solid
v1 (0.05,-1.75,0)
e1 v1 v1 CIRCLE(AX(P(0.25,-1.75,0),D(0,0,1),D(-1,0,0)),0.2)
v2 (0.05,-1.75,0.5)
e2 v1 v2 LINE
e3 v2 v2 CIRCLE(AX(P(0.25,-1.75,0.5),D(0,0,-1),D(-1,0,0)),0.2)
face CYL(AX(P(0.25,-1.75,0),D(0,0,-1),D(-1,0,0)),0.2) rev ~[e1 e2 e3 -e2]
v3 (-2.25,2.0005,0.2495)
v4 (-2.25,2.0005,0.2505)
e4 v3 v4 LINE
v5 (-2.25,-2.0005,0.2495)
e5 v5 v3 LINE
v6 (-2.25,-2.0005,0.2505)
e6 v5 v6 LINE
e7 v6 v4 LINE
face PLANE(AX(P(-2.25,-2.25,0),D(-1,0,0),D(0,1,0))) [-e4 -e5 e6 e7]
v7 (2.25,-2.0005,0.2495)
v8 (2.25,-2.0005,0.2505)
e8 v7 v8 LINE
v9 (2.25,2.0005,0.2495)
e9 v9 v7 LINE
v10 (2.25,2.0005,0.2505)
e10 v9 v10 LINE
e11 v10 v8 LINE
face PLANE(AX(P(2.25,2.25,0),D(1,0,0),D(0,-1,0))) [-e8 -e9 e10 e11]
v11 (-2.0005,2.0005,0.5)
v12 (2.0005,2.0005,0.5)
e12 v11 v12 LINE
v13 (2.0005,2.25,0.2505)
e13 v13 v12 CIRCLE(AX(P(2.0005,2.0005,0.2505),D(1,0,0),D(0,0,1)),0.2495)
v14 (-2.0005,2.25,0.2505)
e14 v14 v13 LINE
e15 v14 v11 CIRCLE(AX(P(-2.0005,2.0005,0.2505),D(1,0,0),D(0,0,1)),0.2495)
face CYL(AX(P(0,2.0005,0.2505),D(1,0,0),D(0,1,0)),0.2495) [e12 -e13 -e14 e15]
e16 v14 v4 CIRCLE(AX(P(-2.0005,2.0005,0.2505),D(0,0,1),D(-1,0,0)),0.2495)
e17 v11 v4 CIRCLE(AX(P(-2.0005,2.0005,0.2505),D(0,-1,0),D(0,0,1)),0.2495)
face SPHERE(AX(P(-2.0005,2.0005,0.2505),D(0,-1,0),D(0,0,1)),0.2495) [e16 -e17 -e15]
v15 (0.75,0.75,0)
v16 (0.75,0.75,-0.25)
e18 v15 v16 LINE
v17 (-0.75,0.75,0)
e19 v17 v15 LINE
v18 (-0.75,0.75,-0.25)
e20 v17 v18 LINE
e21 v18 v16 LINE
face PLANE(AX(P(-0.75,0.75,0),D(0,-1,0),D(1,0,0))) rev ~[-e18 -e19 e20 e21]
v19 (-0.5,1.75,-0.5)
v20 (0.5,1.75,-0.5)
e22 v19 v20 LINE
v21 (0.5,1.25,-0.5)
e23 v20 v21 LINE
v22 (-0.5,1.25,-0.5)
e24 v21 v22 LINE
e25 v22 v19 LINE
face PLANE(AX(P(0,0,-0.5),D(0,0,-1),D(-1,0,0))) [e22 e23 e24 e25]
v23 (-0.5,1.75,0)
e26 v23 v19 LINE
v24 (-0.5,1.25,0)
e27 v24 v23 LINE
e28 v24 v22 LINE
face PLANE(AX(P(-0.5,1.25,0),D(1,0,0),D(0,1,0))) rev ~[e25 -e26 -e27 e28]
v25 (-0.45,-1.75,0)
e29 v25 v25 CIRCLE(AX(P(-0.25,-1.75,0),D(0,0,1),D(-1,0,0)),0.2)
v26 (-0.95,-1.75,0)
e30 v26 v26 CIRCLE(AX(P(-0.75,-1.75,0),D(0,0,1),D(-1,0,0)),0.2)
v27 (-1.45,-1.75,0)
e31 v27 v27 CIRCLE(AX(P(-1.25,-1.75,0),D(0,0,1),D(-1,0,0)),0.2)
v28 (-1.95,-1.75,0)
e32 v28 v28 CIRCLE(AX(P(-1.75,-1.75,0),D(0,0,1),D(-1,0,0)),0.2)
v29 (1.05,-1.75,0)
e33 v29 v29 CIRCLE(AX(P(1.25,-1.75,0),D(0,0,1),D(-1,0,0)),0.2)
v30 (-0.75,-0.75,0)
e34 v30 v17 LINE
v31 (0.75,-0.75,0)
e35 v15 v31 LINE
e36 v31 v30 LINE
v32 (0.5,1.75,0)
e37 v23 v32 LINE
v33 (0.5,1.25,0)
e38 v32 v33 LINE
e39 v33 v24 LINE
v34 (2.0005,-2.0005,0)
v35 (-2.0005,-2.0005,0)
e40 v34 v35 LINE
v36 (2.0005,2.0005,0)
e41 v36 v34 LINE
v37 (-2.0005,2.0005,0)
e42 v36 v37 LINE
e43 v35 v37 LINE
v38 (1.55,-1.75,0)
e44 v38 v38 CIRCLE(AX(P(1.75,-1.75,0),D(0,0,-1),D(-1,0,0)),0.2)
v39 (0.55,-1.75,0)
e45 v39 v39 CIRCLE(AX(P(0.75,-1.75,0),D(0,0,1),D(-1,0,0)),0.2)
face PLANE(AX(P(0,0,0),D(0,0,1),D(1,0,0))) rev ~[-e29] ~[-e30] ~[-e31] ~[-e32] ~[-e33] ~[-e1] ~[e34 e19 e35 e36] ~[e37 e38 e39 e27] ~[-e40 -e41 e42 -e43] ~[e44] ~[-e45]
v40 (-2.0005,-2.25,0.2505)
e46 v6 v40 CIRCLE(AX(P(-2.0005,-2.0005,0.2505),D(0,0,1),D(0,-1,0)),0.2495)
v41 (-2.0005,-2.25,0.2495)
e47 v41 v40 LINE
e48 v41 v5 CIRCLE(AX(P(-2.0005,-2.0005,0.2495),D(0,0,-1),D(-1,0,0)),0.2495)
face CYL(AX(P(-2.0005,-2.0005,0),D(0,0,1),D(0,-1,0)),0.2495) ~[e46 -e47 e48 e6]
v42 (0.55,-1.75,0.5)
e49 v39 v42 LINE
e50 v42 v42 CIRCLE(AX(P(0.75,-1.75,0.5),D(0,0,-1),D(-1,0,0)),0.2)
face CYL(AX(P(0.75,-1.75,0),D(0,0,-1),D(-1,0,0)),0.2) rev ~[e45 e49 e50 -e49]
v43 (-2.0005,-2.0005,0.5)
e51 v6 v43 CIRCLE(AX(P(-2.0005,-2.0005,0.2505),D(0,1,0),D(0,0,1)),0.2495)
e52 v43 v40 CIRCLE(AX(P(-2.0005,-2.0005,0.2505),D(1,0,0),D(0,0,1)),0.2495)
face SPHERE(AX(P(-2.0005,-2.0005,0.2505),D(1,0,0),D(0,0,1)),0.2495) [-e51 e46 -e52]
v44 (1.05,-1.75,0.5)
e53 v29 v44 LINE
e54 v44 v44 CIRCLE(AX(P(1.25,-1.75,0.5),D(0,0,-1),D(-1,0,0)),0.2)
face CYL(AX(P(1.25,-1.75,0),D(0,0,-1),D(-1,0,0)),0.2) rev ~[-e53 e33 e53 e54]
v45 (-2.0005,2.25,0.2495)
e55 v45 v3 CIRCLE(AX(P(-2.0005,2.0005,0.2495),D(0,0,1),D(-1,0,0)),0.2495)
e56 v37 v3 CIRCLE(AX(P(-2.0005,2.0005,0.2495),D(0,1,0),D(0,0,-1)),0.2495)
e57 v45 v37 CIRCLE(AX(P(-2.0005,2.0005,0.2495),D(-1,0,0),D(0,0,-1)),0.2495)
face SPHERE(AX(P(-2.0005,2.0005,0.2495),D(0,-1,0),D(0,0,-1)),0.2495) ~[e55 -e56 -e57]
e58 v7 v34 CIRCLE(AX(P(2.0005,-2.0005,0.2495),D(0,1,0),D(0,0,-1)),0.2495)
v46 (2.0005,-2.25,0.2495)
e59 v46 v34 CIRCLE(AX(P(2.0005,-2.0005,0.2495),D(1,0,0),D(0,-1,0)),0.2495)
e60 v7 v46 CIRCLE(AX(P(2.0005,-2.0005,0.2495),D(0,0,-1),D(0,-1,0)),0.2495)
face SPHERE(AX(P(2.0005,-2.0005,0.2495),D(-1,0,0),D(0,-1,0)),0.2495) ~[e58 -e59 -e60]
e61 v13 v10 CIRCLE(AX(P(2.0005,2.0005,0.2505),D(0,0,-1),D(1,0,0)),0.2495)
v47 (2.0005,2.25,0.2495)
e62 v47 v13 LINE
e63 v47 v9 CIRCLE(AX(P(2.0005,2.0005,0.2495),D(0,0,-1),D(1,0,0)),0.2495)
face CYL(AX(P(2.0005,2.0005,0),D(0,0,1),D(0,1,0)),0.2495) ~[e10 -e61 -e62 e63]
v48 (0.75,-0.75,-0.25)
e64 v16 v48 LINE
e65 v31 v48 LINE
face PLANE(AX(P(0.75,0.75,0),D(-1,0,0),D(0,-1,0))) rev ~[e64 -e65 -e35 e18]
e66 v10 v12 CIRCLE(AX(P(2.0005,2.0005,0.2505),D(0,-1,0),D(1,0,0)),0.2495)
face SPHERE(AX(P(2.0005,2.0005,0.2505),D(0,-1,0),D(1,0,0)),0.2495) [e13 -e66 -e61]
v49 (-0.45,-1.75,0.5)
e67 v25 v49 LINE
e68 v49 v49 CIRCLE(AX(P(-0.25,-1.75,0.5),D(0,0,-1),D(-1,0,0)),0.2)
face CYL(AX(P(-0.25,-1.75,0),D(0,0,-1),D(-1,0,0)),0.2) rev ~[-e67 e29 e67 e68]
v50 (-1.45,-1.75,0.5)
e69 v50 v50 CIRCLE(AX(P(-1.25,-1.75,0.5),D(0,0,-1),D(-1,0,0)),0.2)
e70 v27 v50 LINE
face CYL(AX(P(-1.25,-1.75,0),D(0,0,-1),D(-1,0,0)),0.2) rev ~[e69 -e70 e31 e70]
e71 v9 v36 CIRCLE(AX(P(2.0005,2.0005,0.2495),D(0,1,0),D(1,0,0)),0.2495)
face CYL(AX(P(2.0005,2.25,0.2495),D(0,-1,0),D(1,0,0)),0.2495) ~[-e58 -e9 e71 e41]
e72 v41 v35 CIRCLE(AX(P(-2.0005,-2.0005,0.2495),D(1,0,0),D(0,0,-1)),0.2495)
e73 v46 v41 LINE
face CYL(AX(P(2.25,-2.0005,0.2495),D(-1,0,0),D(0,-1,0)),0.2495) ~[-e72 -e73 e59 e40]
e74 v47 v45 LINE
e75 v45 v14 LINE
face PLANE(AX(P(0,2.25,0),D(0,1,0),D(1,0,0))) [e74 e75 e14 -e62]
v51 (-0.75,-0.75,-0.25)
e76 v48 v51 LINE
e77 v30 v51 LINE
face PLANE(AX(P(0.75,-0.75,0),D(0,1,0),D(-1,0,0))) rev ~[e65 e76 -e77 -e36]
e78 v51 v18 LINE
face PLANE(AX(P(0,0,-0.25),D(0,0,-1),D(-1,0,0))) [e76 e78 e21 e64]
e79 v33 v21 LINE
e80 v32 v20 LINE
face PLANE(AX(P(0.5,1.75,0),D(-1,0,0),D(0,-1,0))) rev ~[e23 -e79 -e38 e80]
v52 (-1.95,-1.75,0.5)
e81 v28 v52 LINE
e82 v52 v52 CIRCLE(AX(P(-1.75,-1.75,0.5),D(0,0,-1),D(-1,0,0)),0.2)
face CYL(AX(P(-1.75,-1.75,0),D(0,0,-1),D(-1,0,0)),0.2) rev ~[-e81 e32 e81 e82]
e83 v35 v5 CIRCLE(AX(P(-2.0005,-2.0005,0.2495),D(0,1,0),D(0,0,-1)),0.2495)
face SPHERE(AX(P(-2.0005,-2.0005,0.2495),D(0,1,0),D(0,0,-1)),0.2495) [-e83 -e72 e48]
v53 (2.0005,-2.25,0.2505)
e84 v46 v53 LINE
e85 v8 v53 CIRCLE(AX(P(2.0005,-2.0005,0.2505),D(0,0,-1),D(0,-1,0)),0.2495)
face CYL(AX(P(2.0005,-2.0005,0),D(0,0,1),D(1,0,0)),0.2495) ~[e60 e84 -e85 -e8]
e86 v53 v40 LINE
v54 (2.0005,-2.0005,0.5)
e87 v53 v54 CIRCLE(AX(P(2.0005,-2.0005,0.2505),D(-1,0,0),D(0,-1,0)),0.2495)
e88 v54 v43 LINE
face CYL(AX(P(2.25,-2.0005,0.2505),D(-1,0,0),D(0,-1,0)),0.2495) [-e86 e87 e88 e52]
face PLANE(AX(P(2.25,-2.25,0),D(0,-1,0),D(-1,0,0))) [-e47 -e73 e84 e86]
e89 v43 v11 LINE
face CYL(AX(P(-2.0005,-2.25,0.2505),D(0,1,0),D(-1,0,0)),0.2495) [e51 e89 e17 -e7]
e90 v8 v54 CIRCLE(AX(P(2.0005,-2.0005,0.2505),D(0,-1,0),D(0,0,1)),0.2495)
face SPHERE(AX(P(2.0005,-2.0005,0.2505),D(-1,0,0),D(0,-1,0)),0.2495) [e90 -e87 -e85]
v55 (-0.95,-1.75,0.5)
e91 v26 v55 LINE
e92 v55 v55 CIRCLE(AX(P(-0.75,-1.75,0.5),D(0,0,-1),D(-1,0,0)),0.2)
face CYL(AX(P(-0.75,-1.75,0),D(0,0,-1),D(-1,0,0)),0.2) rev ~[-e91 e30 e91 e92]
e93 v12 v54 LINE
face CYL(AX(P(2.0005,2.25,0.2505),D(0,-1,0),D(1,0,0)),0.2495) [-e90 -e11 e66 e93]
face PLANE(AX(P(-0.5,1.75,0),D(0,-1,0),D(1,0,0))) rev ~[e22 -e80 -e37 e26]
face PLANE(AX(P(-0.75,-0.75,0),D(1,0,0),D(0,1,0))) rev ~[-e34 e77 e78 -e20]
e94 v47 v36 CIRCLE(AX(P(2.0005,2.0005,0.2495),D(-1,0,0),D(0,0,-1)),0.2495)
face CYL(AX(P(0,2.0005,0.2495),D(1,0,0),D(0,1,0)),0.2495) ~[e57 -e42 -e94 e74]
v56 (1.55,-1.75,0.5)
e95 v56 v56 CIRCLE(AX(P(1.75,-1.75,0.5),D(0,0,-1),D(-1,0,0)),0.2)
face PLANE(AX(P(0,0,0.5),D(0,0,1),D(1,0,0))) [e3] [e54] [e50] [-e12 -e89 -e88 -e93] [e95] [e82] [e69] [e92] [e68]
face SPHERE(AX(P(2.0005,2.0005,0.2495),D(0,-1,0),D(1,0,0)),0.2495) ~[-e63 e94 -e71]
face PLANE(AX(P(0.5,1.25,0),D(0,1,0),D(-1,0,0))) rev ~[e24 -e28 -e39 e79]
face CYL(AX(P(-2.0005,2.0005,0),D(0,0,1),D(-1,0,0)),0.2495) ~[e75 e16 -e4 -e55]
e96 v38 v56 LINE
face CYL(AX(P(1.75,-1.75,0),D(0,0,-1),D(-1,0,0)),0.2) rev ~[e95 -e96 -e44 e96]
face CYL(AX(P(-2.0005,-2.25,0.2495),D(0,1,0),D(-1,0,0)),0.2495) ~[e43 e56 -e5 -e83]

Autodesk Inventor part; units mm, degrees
ref_plane "YZ Plane" through (0, 0, 0) normal (1, 0, 0) x (0, 1, 0)
ref_plane "XZ Plane" through (0, 0, 0) normal (0, 1, 0) x (-1, 0, 0)
ref_plane "XY Plane" through (0, 0, 0) normal (0, 0, 1) x (1, 0, 0)
sketch "Szkic1" plane through (0, 0, 0) normal (0, 0, 1) x (1, 0, 0)
  line L0 (0, 2.25) -> (2.25, 2.25)
  line L1 (2.25, 2.25) -> (2.25, -2.25)
  line L2 (2.25, -2.25) -> (-2.25, -2.25)
  line L3 (-2.25, -2.25) -> (-2.25, 2.25)
  line L4 (-2.25, 2.25) -> (0, 2.25)
  point P0 (0, 0)
  dimension "d2" = 2.25
  dimension "d3" = 4.5
  dimension "d5" = 4.5
extrude "Wyciągnięcie proste1" add sketch "Szkic1" along normal blind 0.5
fillet "Zaokrąglenie1" radius 0.25 12 edges at (0, -2.25, 0.5) (-2.25, 0, 0.5) (-2.25, 0, 0) (0, -2.25, 0) (-2.25, -2.25, 0.25) (2.25, -2.25, 0.25) (2.25, 0, 0.5) (2.25, 0, 0) (2.25, 2.25, 0.25) (1.125, 2.25, 0.5) (1.125, 2.25, 0) (-2.25, 2.25, 0.25)
sketch "Szkic2" plane through (0, 0, 0) normal (0, 0, -1) x (-1, 0, 0)
  line L0 (-0.75, -0.75) -> (0.75, -0.75)
  line L1 (0.75, -0.75) -> (0.75, 0.75)
  line L2 (0.75, 0.75) -> (-0.75, 0.75)
  line L3 (-0.75, 0.75) -> (-0.75, -0.75)
  line L4 (-0.75, -0.75) -> (0.75, 0.75) construction
  line L5 (0.75, -0.75) -> (-0.75, 0.75) construction
  line L6 (0.5, 1.25) -> (-0.5, 1.25)
  line L7 (-0.5, 1.25) -> (-0.5, 1.75)
  line L8 (-0.5, 1.75) -> (0.5, 1.75)
  line L9 (0.5, 1.75) -> (0.5, 1.25)
  line L10 (0.5, 1.25) -> (-0.5, 1.75) construction
  line L11 (-0.5, 1.25) -> (0.5, 1.75) construction
  point P0 (0, 0)
  point P1 (0, 1.5)
  dimension "d9" = 1.5
  dimension "d10" = 1.5
  dimension "d13" = 1
  dimension "d14" = 0.5
extrude "Wyciągnięcie proste2" add sketch "Szkic2" along normal blind 0.25 contours L3 L2 L1 L0
sketch "Szkic3" plane through (0, 0, 0) normal (0, 0, -1) x (-1, 0, 0)
  line L0 (0.5, 1.75) -> (-0.5, 1.75)
  line L1 (-0.5, 1.75) -> (-0.5, 1.25)
  line L2 (-0.5, 1.25) -> (0.5, 1.25)
  line L3 (0.5, 1.25) -> (0.5, 1.75)
  line L4 (0.5, 1.75) -> (-0.5, 1.25) construction
  line L5 (-0.5, 1.75) -> (0.5, 1.25) construction
  point P0 (0, 0)
  point P1 (0, 1.5)
  dimension "d15" = 1
  dimension "d16" = 0.5
extrude "Wyciągnięcie proste3" add sketch "Szkic3" along normal blind 0.5
sketch "Szkic4" plane through (0, 0, 0) normal (0, 0, -1) x (-1, 0, 0)
  line L0 (2, -2) -> (-2, -2) projected
  line L1 (2, -2) -> (2, -1.75)
  line L2 (2, 2) -> (2, -2) projected
  line L3 (2, -1.75) -> (1.75, -1.75)
  circle A0 centre (1.75, -1.75) radius 0.2
  line L4 (1.75, -1.75) -> (1.25, -1.75)
  line L5 (1.25, -1.75) -> (0.75, -1.75)
  line L6 (0.75, -1.75) -> (0.25, -1.75)
  line L7 (0.25, -1.75) -> (-0.25, -1.75)
  line L8 (-0.25, -1.75) -> (-0.75, -1.75)
  line L9 (-0.75, -1.75) -> (-1.25, -1.75)
  line L10 (-1.25, -1.75) -> (-1.75, -1.75)
  circle A1 centre (1.25, -1.75) radius 0.2
  circle A2 centre (0.75, -1.75) radius 0.2
  circle A3 centre (0.25, -1.75) radius 0.2
  circle A4 centre (-0.25, -1.75) radius 0.2
  circle A5 centre (-0.75, -1.75) radius 0.2
  circle A6 centre (-1.25, -1.75) radius 0.2
  circle A7 centre (-1.75, -1.75) radius 0.2
  point P0 (0, 0)
  dimension "d19" = 0.25
  dimension "d20" = 0.25
  dimension "d21" = 0.4
  dimension "d22" = 0.5
  dimension "d23" = 0.5
  dimension "d24" = 0.5
  dimension "d25" = 0.5
  dimension "d26" = 0.5
  dimension "d27" = 0.5
  dimension "d28" = 0.5
  dimension "d29" = 0.4
  dimension "d30" = 0.4
  dimension "d31" = 0.4
  dimension "d32" = 0.4
  dimension "d33" = 0.4
  dimension "d34" = 0.4
  dimension "d35" = 0.4
extrude "Wyciągnięcie proste4" cut sketch "Szkic4" against normal blind 0.5
properties part number "Czujnik GPS ZOE-M8Q"
